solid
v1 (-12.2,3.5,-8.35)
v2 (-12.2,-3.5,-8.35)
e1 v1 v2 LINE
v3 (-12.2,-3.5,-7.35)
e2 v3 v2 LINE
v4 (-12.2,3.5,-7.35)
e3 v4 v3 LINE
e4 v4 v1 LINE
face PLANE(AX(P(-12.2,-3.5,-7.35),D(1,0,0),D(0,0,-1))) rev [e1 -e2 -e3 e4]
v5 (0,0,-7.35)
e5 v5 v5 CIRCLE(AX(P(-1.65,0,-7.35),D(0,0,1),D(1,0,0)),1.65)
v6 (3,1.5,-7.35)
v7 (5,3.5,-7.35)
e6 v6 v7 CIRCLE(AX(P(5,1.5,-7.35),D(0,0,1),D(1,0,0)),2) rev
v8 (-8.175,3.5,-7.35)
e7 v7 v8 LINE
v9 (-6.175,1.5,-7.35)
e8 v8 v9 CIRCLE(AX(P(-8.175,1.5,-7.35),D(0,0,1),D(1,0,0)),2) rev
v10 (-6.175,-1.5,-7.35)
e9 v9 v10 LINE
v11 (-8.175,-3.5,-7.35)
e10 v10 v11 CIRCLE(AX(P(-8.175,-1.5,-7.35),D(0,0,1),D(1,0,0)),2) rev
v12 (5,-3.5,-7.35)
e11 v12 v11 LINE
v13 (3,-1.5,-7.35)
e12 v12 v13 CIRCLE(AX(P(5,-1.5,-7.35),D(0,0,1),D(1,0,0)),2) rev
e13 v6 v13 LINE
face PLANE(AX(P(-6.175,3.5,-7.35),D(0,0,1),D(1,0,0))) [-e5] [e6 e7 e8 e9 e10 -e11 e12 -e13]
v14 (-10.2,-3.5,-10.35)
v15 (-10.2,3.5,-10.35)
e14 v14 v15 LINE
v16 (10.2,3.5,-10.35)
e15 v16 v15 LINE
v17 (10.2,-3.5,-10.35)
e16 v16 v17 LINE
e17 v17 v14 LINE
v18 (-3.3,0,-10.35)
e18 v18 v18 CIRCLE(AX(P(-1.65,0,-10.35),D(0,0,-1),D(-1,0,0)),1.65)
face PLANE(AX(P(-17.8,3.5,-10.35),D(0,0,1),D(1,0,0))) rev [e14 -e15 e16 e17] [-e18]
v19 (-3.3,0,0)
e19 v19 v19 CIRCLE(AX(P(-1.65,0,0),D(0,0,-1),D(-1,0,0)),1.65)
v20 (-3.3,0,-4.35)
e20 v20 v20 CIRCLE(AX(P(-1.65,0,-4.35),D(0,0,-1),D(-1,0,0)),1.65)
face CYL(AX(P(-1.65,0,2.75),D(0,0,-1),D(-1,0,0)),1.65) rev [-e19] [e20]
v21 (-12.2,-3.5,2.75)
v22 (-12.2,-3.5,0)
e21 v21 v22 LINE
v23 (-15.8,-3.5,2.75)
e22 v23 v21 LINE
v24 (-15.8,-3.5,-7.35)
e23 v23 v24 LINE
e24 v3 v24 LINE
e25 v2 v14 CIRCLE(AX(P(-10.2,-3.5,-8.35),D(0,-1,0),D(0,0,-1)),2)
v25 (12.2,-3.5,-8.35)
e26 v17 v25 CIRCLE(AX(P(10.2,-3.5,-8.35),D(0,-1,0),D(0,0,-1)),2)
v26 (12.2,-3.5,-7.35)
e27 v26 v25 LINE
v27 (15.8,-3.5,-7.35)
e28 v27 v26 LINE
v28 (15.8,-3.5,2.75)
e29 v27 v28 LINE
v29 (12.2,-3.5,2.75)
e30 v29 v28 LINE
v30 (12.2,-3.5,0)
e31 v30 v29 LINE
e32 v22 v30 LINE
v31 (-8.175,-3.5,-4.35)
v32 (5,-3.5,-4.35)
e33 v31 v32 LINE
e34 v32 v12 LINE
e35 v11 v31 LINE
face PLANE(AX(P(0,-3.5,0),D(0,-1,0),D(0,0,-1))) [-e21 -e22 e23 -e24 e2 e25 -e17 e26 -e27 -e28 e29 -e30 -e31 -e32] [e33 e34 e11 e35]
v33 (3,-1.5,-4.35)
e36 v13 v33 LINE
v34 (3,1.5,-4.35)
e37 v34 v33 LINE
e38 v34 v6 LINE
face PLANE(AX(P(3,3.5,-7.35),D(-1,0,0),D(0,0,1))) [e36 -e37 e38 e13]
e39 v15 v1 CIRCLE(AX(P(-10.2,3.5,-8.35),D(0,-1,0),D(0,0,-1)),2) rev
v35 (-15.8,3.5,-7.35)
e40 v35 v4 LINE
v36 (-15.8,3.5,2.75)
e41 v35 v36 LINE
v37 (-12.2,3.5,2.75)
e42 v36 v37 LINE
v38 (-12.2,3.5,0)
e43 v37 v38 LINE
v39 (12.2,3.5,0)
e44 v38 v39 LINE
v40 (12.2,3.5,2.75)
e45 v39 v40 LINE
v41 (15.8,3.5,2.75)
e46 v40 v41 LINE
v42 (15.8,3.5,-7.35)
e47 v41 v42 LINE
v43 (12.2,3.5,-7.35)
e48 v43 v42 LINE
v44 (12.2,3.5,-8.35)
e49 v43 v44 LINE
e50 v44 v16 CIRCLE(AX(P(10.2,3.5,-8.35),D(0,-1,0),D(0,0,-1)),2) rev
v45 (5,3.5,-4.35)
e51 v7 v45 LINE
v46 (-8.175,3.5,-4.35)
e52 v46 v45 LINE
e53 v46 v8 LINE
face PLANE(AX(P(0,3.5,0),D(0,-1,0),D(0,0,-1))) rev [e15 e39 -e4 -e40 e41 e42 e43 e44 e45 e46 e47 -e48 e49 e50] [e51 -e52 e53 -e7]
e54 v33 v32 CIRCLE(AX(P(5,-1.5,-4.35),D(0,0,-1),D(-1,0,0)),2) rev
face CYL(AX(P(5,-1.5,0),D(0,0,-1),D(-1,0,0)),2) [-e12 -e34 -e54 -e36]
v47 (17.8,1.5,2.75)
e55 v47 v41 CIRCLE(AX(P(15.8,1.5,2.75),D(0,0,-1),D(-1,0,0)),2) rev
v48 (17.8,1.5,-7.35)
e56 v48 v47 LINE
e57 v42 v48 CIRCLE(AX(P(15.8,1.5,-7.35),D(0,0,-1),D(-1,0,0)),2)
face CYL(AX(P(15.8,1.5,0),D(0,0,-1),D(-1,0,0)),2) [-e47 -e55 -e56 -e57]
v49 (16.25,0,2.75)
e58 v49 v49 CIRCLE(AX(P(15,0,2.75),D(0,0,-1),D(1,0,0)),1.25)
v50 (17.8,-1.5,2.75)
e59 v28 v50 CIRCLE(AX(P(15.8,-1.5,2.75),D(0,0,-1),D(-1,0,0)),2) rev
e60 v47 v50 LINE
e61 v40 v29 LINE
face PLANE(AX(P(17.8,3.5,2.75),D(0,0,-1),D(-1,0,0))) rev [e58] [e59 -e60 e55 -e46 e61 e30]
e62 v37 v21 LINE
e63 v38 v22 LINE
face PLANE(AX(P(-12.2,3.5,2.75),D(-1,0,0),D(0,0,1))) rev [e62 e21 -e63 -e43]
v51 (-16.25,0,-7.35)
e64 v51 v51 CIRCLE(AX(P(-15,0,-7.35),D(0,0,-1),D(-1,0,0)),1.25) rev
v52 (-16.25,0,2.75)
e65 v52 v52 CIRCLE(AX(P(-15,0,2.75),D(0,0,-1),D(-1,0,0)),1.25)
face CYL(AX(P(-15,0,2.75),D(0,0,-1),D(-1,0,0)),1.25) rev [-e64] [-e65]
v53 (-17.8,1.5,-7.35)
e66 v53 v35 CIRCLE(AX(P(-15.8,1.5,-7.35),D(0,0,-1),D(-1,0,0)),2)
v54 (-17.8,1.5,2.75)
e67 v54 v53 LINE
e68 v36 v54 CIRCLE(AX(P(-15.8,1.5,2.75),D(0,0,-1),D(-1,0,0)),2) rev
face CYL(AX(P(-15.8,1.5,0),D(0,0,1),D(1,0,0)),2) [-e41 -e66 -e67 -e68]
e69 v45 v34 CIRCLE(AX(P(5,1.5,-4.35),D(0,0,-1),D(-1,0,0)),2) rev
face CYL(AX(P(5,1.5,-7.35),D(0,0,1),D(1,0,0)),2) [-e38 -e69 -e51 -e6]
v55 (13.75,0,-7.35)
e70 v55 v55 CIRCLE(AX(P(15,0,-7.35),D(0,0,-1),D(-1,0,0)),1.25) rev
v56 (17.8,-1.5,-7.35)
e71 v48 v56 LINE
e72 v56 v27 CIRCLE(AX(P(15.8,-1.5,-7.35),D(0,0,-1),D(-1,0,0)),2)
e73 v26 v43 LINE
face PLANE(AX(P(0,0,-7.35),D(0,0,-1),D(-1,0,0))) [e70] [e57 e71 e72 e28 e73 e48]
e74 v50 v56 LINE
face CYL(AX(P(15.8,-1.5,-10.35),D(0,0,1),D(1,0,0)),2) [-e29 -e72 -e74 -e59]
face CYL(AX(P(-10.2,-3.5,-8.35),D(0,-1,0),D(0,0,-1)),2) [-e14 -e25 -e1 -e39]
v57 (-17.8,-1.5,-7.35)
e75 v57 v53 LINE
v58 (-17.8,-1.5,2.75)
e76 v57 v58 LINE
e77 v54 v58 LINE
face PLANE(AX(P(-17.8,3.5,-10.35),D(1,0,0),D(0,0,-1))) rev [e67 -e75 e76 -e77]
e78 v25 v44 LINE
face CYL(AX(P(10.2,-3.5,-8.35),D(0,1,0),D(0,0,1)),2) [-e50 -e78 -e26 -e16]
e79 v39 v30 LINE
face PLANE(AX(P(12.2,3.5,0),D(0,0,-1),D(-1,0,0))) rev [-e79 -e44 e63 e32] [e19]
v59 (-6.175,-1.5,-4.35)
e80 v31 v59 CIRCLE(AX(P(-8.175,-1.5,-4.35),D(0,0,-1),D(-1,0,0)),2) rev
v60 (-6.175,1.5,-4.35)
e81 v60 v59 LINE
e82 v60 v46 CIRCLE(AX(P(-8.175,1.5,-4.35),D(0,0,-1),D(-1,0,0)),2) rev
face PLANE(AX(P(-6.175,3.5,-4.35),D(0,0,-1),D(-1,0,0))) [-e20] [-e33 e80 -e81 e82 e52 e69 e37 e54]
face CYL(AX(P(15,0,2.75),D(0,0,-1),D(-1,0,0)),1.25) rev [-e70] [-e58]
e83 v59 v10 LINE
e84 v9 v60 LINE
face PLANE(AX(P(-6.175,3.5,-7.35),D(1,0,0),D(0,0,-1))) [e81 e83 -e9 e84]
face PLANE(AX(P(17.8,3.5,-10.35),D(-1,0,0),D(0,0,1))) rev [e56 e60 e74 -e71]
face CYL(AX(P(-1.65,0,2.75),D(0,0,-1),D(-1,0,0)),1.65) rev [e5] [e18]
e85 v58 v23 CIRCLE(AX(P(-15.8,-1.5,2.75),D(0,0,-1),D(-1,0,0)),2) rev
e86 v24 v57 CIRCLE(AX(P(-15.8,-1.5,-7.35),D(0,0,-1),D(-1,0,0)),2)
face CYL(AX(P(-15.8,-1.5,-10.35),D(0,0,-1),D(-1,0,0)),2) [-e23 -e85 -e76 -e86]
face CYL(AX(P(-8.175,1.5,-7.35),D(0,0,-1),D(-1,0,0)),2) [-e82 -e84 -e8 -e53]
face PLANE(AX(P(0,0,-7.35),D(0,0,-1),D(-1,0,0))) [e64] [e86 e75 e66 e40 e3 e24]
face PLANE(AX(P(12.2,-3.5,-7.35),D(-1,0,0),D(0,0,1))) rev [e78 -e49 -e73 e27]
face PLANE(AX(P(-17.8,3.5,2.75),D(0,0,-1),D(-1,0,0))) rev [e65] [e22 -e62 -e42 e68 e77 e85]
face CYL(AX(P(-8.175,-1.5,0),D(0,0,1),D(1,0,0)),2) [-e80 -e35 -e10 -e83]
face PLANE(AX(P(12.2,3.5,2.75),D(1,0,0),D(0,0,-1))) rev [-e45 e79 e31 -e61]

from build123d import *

# Parameters (mm, degrees)
SKETCH1_W           = 9.175
SKETCH1_H           = 3
BOSS_EXTRUDE1_DEPTH = 3.5
SKETCH2_R           = 1.25
SKETCH2_R_2         = 1.65
CUT_EXTRUDE1_DEPTH  = 14.1
SKETCH3_W           = 5.6
SKETCH3_H           = 7
CUT_EXTRUDE2_DEPTH  = 3
FILLET1_R           = 2


with BuildPart() as part:
    # Sketch1 → Boss-Extrude1 (new body, symmetric)
    with BuildSketch(Plane(origin=(0, 0, 0), x_dir=(1, 0, 0), z_dir=(0, 1, 0))):
        Polygon((-17.8, 10.35), (17.8, 10.35), (17.8, -2.75), (12.2, -2.75), (12.2, 0), (-12.2, 0), (-12.2, -2.75), (-17.8, -2.75), align=None)
        with Locations((-1.5875, 5.85)):
            Rectangle(SKETCH1_W, SKETCH1_H, mode=Mode.SUBTRACT)
    extrude(amount=BOSS_EXTRUDE1_DEPTH, both=True)

    # Sketch2 → Cut-Extrude1 (cut, through all)
    with BuildSketch(Plane(origin=(0, 0, -10.35), x_dir=(-1, 0, 0), z_dir=(0, 0, -1))):
        with Locations((15, 0)):
            Circle(SKETCH2_R)
        with Locations((1.65, 0)):
            Circle(SKETCH2_R_2)
        with Locations((-15, 0)):
            Circle(SKETCH2_R)
    extrude(amount=-CUT_EXTRUDE1_DEPTH, mode=Mode.SUBTRACT)

    # Sketch3 → Cut-Extrude2 (cut)
    with BuildSketch(Plane(origin=(0, 0, -10.35), x_dir=(-1, 0, 0), z_dir=(0, 0, -1))):
        with Locations((15, 0)):
            Rectangle(SKETCH3_W, SKETCH3_H)
        with Locations((-15, 0)):
            Rectangle(SKETCH3_W, SKETCH3_H)
    extrude(amount=-CUT_EXTRUDE2_DEPTH, mode=Mode.SUBTRACT)

    # Fillet1
    fillet1_edges = [part.edges().sort_by_distance(p)[0] for p in [
        (17.8, -3.5, -2.3),
        (-6.175, -3.5, -5.85),
        (3, -3.5, -5.85),
        (-6.175, 3.5, -5.85),
        (3, 3.5, -5.85),
        (-17.8, -3.5, -2.3),
        (-17.8, 3.5, -2.3),
        (-12.2, 0, -10.35),
        (17.8, 3.5, -2.3),
        (12.2, 0, -10.35),
    ]]
    fillet(fillet1_edges, radius=FILLET1_R)


solid = part.part
